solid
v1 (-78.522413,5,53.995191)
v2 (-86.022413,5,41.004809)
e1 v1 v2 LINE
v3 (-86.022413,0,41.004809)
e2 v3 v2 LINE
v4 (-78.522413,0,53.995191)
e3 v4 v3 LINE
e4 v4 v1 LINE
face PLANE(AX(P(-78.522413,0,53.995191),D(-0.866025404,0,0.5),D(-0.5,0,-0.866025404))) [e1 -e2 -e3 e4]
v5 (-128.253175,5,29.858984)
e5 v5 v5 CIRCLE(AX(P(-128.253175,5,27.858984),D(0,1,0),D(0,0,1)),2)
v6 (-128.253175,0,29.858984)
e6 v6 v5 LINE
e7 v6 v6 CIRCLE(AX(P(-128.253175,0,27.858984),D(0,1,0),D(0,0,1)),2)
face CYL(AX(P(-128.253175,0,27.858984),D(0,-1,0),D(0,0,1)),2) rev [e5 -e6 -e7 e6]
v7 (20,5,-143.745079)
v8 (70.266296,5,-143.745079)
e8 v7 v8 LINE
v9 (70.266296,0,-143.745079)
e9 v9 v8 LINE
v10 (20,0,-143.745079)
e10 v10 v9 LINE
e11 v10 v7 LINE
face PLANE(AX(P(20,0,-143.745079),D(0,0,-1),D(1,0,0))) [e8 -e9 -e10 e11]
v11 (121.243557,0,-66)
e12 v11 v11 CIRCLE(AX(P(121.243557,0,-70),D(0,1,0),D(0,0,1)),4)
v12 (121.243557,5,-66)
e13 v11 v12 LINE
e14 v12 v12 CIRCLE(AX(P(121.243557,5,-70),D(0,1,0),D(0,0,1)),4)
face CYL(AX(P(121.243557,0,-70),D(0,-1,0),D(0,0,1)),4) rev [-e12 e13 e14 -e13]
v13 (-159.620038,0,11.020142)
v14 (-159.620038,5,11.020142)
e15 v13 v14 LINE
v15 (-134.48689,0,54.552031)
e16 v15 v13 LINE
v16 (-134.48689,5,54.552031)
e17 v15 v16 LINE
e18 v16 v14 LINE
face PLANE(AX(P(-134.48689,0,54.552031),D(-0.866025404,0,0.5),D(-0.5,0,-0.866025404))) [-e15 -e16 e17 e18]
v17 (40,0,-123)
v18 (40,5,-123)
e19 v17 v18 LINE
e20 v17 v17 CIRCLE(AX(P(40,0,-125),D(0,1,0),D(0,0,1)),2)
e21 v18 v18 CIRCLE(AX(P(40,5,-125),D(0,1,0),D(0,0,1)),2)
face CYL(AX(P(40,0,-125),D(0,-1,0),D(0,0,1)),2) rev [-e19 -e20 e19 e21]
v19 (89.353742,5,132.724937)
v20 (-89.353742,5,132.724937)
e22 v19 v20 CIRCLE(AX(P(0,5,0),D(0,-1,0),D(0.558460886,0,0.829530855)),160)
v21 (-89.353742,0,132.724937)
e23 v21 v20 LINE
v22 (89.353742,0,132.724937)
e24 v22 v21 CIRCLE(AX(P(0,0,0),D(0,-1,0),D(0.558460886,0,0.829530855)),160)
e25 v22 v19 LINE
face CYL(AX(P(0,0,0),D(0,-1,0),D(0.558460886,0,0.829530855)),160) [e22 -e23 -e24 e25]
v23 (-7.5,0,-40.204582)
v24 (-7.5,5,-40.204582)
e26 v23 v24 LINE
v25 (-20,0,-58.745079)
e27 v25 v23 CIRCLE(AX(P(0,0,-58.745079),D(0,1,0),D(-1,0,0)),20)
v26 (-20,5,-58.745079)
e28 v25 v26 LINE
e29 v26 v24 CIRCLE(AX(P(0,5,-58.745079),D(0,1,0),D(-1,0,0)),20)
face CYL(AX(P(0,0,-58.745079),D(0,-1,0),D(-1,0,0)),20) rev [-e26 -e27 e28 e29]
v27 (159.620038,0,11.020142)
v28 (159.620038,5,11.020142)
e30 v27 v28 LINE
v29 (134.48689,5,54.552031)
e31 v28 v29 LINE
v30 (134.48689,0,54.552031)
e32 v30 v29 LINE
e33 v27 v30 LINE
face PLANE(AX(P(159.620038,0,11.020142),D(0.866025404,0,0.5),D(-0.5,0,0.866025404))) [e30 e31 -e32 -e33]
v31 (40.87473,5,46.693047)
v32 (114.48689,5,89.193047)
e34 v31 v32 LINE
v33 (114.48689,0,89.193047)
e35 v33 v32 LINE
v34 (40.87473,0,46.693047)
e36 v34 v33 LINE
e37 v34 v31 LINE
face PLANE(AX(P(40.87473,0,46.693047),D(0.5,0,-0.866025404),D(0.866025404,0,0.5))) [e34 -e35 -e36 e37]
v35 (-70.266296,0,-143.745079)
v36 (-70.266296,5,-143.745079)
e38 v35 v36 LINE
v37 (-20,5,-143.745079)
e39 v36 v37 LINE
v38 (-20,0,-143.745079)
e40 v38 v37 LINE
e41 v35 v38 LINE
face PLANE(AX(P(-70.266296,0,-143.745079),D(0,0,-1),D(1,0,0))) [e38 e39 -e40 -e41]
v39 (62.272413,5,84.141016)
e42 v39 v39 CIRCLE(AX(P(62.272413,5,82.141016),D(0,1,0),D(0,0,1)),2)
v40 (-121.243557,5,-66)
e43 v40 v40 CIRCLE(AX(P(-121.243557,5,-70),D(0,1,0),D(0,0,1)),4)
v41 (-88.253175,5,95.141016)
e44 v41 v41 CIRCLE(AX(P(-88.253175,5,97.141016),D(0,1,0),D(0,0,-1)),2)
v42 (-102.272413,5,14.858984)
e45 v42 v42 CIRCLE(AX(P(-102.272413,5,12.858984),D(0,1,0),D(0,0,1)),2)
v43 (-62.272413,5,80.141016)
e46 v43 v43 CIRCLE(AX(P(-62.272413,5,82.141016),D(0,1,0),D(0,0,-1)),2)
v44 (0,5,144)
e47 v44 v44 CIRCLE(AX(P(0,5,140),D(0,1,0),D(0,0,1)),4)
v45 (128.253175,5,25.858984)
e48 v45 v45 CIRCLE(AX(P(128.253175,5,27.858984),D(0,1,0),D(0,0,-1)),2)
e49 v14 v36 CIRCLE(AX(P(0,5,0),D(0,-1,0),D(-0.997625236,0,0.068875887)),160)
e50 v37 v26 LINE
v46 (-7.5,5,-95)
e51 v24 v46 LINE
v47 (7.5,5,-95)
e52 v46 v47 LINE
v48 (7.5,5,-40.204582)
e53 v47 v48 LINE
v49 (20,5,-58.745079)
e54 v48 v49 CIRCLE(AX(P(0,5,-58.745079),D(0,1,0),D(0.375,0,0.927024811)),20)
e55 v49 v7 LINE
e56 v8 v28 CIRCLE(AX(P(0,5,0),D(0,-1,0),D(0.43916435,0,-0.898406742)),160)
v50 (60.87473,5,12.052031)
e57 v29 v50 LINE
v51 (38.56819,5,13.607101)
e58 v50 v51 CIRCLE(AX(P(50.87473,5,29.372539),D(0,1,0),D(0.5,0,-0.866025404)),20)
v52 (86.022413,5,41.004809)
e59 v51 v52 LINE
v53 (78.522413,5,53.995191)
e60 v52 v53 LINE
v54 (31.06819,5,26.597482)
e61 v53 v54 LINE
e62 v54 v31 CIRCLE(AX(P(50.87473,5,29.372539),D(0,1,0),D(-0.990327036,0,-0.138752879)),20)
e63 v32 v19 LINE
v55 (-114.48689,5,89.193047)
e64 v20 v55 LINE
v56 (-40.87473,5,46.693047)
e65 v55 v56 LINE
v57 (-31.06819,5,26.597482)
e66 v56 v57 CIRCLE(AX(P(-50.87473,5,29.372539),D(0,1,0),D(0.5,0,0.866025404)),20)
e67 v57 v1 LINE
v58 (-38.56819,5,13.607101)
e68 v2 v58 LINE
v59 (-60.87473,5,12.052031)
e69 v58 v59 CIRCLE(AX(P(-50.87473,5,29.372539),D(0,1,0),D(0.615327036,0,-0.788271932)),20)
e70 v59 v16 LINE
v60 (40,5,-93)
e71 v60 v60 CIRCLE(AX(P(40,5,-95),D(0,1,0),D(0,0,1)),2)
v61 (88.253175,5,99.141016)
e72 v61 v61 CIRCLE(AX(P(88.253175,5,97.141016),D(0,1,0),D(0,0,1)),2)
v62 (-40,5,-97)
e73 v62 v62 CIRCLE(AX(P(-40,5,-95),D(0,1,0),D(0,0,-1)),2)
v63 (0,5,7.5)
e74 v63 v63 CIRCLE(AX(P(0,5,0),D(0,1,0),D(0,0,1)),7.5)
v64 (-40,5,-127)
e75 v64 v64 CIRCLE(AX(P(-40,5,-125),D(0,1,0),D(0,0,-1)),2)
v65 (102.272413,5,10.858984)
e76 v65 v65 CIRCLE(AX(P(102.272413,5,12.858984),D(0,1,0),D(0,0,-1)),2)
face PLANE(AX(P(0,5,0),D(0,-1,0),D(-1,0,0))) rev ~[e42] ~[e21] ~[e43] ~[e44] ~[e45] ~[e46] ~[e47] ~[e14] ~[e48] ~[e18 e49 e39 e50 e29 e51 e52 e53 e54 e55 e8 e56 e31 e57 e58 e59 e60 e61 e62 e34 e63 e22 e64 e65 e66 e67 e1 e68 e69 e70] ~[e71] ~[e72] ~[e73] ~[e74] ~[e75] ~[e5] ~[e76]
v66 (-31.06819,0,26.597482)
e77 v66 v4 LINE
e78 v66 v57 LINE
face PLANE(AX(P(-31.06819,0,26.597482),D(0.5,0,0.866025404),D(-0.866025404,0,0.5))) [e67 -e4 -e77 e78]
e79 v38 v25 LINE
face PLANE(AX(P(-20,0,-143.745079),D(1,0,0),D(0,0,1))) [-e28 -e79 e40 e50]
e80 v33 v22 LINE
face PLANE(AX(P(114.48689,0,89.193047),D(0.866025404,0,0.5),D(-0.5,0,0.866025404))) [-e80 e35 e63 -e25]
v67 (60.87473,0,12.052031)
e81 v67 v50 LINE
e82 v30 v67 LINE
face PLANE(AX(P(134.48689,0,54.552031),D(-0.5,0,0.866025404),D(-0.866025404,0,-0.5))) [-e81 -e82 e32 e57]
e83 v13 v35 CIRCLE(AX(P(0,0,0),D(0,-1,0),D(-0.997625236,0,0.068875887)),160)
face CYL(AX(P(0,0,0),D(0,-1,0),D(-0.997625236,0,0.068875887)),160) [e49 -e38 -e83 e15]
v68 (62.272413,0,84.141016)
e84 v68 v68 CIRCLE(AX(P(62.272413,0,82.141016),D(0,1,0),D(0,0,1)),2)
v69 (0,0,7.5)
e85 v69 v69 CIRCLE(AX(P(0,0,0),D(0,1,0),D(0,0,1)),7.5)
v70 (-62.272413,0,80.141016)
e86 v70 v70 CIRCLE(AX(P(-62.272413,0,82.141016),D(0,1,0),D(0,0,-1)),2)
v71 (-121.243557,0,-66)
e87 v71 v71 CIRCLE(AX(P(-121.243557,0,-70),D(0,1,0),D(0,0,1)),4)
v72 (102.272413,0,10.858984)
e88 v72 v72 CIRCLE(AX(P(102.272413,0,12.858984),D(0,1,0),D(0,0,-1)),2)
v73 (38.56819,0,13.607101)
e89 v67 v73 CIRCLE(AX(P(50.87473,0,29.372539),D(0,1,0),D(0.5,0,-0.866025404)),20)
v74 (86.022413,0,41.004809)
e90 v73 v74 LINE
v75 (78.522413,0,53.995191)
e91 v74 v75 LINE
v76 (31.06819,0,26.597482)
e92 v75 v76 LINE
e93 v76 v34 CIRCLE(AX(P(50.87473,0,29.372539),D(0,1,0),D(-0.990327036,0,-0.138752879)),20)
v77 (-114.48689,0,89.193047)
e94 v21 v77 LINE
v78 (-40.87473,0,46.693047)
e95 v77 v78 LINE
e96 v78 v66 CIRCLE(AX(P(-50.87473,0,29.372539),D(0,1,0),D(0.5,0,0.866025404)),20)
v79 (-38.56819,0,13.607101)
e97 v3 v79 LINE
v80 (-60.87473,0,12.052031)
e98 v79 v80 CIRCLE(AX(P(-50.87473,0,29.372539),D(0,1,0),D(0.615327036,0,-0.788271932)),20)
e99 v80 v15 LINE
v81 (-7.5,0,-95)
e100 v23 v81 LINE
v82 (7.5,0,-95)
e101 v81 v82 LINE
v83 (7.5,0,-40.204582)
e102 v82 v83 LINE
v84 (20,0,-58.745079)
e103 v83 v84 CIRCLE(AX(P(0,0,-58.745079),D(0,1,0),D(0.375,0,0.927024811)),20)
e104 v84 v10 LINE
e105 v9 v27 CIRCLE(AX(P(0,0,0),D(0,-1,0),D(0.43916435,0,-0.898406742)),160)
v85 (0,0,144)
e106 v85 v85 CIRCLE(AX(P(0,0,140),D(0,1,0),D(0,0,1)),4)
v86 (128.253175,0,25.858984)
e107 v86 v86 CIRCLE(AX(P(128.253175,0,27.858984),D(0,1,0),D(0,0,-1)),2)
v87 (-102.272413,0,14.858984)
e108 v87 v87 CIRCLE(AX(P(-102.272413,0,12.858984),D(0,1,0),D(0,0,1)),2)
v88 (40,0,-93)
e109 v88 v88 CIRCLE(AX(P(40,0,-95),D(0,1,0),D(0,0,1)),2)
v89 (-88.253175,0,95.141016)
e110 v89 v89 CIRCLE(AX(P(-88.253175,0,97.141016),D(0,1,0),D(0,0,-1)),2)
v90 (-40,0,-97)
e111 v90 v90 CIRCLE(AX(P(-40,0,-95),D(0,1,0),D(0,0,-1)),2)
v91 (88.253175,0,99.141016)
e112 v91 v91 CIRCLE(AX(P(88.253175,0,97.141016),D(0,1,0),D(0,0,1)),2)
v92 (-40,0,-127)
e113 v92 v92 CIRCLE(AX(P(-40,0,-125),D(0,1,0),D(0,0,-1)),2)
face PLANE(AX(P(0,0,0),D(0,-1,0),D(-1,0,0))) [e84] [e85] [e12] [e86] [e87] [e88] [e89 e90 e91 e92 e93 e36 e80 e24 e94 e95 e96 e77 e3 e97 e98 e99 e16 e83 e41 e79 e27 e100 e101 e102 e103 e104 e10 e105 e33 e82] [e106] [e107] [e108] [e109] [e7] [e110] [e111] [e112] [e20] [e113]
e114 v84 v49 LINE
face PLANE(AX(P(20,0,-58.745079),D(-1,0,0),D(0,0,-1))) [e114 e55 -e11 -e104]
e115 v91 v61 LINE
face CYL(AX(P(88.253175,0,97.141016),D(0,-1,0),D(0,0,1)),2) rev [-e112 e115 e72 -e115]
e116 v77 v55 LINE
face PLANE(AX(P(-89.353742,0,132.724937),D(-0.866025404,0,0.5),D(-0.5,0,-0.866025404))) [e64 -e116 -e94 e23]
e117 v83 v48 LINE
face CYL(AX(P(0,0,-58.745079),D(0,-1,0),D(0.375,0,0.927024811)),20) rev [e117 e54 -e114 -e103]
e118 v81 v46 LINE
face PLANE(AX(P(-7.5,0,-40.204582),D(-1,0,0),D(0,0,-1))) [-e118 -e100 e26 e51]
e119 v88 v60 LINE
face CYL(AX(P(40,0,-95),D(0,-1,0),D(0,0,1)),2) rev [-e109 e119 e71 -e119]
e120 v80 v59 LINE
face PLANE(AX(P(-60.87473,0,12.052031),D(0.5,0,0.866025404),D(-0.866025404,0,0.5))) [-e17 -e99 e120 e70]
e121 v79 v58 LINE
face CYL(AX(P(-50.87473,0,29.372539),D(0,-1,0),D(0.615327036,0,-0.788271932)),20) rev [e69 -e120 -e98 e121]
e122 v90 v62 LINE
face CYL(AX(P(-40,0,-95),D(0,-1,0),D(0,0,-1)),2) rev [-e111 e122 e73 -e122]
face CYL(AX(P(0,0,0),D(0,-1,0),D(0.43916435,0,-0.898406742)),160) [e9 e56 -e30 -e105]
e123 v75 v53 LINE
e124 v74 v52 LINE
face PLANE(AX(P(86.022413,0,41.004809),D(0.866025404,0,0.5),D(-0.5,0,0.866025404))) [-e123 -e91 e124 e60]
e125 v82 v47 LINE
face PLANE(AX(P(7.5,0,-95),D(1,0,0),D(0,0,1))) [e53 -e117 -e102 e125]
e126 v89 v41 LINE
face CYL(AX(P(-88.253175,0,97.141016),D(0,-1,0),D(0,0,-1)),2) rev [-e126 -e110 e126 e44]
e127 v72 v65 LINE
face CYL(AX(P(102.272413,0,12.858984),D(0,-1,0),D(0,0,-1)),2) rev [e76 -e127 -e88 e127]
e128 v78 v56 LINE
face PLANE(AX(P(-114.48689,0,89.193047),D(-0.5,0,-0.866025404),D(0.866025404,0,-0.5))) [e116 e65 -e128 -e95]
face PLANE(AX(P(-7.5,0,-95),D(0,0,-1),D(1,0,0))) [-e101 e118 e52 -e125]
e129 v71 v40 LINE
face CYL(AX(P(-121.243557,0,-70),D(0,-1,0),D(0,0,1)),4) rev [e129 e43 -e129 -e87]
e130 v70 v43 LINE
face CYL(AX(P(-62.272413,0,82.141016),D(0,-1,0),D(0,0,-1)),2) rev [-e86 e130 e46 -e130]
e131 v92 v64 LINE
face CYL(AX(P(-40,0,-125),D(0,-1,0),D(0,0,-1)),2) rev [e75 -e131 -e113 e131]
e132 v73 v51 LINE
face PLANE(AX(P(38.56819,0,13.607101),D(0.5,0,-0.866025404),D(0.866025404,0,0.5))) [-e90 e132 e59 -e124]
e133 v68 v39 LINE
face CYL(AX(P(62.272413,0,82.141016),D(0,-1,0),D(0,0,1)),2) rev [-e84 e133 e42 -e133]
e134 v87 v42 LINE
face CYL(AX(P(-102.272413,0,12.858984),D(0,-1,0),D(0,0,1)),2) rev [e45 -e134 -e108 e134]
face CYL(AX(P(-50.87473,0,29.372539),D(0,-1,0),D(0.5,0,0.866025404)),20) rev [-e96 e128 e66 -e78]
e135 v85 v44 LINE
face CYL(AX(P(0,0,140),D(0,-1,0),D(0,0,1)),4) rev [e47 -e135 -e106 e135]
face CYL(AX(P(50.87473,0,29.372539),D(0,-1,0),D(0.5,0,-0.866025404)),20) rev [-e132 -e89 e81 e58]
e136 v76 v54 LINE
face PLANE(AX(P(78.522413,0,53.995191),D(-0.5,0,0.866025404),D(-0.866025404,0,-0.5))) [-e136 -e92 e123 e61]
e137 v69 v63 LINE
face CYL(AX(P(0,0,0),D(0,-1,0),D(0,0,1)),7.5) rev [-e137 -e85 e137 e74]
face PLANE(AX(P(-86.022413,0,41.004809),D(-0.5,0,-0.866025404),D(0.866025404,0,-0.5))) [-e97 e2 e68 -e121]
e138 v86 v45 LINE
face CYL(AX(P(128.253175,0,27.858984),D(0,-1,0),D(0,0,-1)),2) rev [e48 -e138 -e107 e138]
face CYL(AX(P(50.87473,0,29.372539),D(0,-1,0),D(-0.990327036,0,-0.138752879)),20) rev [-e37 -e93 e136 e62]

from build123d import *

# Parameters (mm, degrees)
SKETCH1_R           = 2
SKETCH1_R_2         = 4
SKETCH1_R_3         = 7.5
BOSS_EXTRUDE1_DEPTH = 5


with BuildPart() as part:
    # Sketch1 → Boss-Extrude1 (new body)
    with BuildSketch(Plane(origin=(0, 0, 0), x_dir=(1, 0, 0), z_dir=(0, 1, 0))):
        with BuildLine():
            Line((-20, 143.745078664), (-20, 58.745078664))
            ThreePointArc((-20, 58.745078664), (-16.583123952, 47.564738776), (-7.5, 40.204582446))
            Line((-7.5, 40.204582446), (-7.5, 95))
            Line((-7.5, 95), (7.5, 95))
            Line((7.5, 95), (7.5, 40.204582446))
            ThreePointArc((7.5, 40.204582446), (16.583123952, 47.564738776), (20, 58.745078664))
            Line((20, 58.745078664), (20, 143.745078664))
            Line((20, 143.745078664), (70.266296045, 143.745078664))
            ThreePointArc((70.266296045, 143.745078664), (138.564064606, 80), (159.620037815, -11.020141927))
            Line((159.620037815, -11.020141927), (134.486889792, -54.552031256))
            Line((134.486889792, -54.552031256), (60.87473047, -12.052031256))
            ThreePointArc((60.87473047, -12.052031256), (49.483834081, -9.420962772), (38.568189747, -13.607100695))
            Line((38.568189747, -13.607100695), (86.02241336, -41.004809472))
            Line((86.02241336, -41.004809472), (78.52241336, -53.995190528))
            Line((78.52241336, -53.995190528), (31.068189747, -26.597481751))
            ThreePointArc((31.068189747, -26.597481751), (32.900710129, -38.143776005), (40.87473047, -46.693047408))
            Line((40.87473047, -46.693047408), (114.486889792, -89.193047408))
            Line((114.486889792, -89.193047408), (89.353741769, -132.724936737))
            ThreePointArc((89.353741769, -132.724936737), (0, -160), (-89.353741769, -132.724936737))
            Line((-89.353741769, -132.724936737), (-114.486889792, -89.193047408))
            Line((-114.486889792, -89.193047408), (-40.87473047, -46.693047408))
            ThreePointArc((-40.87473047, -46.693047408), (-32.900710129, -38.143776005), (-31.068189747, -26.597481751))
            Line((-31.068189747, -26.597481751), (-78.52241336, -53.995190528))
            Line((-78.52241336, -53.995190528), (-86.02241336, -41.004809472))
            Line((-86.02241336, -41.004809472), (-38.568189747, -13.607100695))
            ThreePointArc((-38.568189747, -13.607100695), (-49.483834081, -9.420962772), (-60.87473047, -12.052031256))
            Line((-60.87473047, -12.052031256), (-134.486889792, -54.552031256))
            Line((-134.486889792, -54.552031256), (-159.620037815, -11.020141927))
            ThreePointArc((-159.620037815, -11.020141927), (-138.564064606, 80), (-70.266296045, 143.745078664))
            Line((-70.266296045, 143.745078664), (-20, 143.745078664))
        make_face()
        with Locations(Location((40, 125, 0), (0, 0, 270))):
            Circle(SKETCH1_R, mode=Mode.SUBTRACT)
        with Locations(Location((40, 95, 0), (0, 0, 270))):
            Circle(SKETCH1_R, mode=Mode.SUBTRACT)
        with Locations(Location((-40, 95, 0), (0, 0, 90))):
            Circle(SKETCH1_R, mode=Mode.SUBTRACT)
        with Locations(Location((-40, 125, 0), (0, 0, 90))):
            Circle(SKETCH1_R, mode=Mode.SUBTRACT)
        with Locations(Location((102.27241336, -12.858983849, 0), (0, 0, 90))):
            Circle(SKETCH1_R, mode=Mode.SUBTRACT)
        with Locations(Location((128.253175473, -27.858983849, 0), (0, 0, 90))):
            Circle(SKETCH1_R, mode=Mode.SUBTRACT)
        with Locations(Location((88.253175473, -97.141016151, 0), (0, 0, 270))):
            Circle(SKETCH1_R, mode=Mode.SUBTRACT)
        with Locations(Location((62.27241336, -82.141016151, 0), (0, 0, 270))):
            Circle(SKETCH1_R, mode=Mode.SUBTRACT)
        with Locations(Location((-62.272413359, -82.141016151, 0), (0, 0, 90))):
            Circle(SKETCH1_R, mode=Mode.SUBTRACT)
        with Locations(Location((-88.253175473, -97.141016151, 0), (0, 0, 90))):
            Circle(SKETCH1_R, mode=Mode.SUBTRACT)
        with Locations(Location((-128.253175473, -27.858983849, 0), (0, 0, 270))):
            Circle(SKETCH1_R, mode=Mode.SUBTRACT)
        with Locations(Location((-102.272413359, -12.858983849, 0), (0, 0, 270))):
            Circle(SKETCH1_R, mode=Mode.SUBTRACT)
        with Locations(Location((0, -140, 0), (0, 0, 270))):
            Circle(SKETCH1_R_2, mode=Mode.SUBTRACT)
        with Locations(Location((-121.24355653, 70, 0), (0, 0, 270))):
            Circle(SKETCH1_R_2, mode=Mode.SUBTRACT)
        with Locations(Location((121.24355653, 70, 0), (0, 0, 270))):
            Circle(SKETCH1_R_2, mode=Mode.SUBTRACT)
        with Locations(Location((0, 0, 0), (0, 0, 270))):
            Circle(SKETCH1_R_3, mode=Mode.SUBTRACT)
    extrude(amount=BOSS_EXTRUDE1_DEPTH)


solid = part.part
